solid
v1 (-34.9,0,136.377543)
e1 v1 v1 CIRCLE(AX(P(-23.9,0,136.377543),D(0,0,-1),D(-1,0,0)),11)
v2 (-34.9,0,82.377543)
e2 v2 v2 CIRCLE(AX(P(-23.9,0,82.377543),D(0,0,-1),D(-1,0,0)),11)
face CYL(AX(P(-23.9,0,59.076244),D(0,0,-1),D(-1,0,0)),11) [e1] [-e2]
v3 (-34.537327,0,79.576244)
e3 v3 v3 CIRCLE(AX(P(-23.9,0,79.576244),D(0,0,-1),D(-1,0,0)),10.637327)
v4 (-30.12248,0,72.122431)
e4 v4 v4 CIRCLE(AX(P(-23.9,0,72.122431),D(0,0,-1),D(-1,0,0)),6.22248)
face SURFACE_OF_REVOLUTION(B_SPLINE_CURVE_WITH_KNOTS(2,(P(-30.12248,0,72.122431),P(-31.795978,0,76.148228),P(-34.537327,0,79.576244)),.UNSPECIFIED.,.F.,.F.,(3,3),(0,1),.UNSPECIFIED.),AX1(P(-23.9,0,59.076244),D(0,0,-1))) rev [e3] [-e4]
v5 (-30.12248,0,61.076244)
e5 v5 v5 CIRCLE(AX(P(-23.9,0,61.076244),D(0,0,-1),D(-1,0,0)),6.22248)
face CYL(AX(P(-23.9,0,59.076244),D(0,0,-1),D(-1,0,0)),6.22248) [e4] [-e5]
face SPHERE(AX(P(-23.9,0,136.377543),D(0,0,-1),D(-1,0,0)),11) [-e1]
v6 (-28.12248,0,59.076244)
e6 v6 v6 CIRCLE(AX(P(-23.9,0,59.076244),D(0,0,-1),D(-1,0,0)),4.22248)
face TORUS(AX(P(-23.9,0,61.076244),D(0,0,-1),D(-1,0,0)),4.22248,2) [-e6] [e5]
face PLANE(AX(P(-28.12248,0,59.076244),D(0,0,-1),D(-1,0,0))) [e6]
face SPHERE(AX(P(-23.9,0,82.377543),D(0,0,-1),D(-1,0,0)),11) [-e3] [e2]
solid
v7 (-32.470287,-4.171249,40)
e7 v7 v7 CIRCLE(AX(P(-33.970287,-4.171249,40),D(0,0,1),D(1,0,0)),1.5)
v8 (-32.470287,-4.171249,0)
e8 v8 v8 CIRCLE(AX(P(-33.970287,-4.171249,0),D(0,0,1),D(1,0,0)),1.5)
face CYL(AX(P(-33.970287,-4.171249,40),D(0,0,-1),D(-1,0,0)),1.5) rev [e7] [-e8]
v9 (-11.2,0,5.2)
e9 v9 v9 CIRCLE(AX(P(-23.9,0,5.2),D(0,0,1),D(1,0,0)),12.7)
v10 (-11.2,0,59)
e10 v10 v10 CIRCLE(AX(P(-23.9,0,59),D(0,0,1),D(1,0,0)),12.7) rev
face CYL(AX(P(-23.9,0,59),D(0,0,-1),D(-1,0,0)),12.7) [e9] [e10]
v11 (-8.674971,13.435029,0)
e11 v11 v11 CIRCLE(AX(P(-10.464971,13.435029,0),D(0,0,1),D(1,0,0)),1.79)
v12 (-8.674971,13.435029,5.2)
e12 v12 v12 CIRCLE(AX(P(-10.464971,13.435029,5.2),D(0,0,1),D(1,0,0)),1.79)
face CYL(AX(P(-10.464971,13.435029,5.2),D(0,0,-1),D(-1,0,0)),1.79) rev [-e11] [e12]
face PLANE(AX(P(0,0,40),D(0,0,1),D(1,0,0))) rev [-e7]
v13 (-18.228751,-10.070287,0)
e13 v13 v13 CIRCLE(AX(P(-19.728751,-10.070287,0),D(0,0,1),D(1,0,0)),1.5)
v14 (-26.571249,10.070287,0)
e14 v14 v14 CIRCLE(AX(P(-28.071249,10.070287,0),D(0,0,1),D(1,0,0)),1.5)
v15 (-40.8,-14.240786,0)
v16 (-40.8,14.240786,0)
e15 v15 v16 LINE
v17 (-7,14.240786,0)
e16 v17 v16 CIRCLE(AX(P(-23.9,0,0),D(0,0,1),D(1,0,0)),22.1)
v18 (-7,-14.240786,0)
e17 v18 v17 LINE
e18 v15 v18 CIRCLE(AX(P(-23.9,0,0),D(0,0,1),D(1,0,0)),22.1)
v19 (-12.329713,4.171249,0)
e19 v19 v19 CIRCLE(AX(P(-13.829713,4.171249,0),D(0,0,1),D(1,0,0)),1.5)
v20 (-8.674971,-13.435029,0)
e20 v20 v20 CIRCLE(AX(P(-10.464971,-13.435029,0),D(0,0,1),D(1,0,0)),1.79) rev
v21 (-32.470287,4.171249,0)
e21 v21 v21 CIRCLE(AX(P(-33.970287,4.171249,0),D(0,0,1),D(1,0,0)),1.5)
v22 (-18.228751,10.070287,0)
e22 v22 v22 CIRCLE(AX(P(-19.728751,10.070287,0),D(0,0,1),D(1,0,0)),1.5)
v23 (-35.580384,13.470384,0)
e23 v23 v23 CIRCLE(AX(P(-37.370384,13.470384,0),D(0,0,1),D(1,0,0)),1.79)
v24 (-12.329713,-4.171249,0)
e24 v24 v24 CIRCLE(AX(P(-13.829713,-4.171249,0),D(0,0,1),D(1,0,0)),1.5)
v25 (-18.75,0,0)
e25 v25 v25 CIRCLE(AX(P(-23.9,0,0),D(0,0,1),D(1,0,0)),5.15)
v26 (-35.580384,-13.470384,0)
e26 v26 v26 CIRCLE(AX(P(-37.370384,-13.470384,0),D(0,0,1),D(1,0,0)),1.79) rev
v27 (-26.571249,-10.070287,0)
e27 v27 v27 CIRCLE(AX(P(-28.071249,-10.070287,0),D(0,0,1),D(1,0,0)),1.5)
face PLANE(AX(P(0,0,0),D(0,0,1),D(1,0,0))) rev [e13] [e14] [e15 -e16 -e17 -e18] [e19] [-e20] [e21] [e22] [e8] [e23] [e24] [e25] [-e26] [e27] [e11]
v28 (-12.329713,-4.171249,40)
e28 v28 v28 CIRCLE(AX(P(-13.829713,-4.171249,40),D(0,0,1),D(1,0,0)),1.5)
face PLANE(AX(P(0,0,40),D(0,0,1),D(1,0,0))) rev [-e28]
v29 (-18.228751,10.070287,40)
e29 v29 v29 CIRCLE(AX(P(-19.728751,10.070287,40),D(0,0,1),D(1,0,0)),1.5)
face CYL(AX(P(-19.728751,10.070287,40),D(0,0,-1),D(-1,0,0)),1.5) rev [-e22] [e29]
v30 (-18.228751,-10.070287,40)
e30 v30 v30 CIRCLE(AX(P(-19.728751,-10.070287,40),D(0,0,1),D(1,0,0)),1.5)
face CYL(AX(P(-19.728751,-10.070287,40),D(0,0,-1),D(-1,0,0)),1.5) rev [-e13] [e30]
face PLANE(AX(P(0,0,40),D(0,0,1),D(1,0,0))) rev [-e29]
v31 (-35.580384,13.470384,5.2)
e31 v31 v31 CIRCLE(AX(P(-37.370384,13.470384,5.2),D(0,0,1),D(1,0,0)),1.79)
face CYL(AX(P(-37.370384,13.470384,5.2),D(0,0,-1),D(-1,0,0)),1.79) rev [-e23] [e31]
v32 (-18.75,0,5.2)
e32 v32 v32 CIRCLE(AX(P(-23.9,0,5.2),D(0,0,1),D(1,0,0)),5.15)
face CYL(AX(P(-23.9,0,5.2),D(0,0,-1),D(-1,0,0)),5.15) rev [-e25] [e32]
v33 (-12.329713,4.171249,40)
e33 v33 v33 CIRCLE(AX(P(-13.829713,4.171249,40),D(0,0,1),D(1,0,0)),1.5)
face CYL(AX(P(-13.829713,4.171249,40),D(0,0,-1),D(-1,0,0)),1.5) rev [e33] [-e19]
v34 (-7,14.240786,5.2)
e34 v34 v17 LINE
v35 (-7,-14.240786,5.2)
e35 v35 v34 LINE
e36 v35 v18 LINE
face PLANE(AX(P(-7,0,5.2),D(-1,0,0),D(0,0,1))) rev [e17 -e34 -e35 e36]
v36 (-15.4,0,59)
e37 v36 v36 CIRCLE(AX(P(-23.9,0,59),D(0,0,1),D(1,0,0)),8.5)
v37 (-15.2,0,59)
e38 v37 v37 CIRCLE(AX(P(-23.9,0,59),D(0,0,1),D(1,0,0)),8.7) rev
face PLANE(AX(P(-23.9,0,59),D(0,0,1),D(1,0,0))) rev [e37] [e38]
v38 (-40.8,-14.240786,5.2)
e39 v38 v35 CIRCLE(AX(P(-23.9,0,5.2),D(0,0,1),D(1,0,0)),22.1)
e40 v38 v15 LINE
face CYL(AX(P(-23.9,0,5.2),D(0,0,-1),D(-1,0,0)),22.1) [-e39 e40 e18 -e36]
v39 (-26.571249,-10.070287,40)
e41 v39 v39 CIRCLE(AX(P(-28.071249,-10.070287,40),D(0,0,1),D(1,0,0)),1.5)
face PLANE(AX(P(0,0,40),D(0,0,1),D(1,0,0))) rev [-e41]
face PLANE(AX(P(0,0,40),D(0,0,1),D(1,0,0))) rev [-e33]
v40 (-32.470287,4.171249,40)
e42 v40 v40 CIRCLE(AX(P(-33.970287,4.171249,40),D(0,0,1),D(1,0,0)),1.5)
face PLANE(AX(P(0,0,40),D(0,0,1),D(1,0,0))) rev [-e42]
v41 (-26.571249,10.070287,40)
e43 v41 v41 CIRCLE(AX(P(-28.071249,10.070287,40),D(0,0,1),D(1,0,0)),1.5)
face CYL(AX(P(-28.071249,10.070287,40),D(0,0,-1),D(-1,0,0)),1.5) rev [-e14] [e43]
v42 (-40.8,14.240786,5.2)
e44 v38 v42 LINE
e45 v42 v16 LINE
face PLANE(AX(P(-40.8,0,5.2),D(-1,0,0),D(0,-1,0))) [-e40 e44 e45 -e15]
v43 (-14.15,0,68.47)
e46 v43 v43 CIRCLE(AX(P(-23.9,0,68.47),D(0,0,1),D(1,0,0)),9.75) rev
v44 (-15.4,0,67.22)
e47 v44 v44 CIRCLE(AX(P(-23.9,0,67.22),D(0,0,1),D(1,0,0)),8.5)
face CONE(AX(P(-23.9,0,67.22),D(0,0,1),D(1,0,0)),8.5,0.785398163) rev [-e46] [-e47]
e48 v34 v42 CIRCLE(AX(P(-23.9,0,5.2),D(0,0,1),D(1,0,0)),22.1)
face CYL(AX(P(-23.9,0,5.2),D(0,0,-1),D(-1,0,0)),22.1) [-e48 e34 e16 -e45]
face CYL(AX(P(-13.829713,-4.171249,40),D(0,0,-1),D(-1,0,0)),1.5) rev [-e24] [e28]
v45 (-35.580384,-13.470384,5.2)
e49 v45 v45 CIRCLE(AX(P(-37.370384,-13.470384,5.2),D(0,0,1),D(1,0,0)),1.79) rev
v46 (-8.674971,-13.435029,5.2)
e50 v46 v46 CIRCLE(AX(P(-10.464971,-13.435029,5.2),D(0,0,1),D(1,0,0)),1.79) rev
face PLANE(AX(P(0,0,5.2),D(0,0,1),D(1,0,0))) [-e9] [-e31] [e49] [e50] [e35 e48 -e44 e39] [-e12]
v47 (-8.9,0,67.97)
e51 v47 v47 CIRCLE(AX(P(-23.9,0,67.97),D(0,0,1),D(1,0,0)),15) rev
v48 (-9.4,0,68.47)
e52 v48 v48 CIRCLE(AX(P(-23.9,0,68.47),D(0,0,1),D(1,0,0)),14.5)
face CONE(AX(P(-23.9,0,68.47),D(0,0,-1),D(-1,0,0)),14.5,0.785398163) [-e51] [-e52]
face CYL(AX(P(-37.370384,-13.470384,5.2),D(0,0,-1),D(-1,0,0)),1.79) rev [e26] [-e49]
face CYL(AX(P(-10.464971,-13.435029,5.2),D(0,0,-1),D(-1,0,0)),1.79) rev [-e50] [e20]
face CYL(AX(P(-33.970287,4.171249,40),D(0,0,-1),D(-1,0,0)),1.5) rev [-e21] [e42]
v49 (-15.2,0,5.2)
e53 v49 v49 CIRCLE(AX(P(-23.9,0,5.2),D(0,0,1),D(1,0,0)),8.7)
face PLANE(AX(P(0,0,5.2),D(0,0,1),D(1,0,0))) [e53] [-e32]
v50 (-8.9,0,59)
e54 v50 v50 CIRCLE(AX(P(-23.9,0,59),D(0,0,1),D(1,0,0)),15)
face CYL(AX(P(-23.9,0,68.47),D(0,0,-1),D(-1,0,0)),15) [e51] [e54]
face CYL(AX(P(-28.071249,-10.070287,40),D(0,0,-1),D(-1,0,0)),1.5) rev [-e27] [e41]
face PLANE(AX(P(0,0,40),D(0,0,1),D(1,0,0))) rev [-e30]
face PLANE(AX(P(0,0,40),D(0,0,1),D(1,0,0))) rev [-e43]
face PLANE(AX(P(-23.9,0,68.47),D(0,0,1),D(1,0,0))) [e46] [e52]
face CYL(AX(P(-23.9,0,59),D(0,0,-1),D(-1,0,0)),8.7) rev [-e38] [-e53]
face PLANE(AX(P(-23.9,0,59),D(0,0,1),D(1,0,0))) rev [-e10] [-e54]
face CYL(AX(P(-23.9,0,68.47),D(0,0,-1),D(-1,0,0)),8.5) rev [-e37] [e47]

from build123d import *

# Parameters (mm, degrees)
SKETCH1_R           = 5.15
SKETCH1_R_2         = 1.79
BOSS_EXTRUDE1_DEPTH = 5.2
SKETCH1_12_R        = 12.7
SKETCH1_12_R_2      = 8.7
BOSS_EXTRUDE2_DEPTH = 59
SKETCH4_R           = 15
SKETCH4_R_2         = 8.5
BOSS_EXTRUDE3_DEPTH = 9.47
CHAMFER1_SIZE       = 0.5
SKETCH1_14_R        = 1.5
CUT_EXTRUDE1_DEPTH  = 40
CHAMFER2_SIZE       = 1.25


with BuildPart() as part:
    # Sketch1 → Boss-Extrude1 (new body)
    with BuildSketch(Plane(origin=(0, 0, 0), x_dir=(-1, 0, 0), z_dir=(0, 0, 1))):
        with BuildLine():
            Line((7, 14.240786495), (7, -14.240786495))
            ThreePointArc((7, -14.240786495), (23.9, -22.1), (40.8, -14.240786495))
            Line((40.8, -14.240786495), (40.8, 14.240786495))
            ThreePointArc((40.8, 14.240786495), (23.9, 22.1), (7, 14.240786495))
        make_face()
        with Locations((23.9, 0)):
            Circle(SKETCH1_R, mode=Mode.SUBTRACT)
        with Locations((37.370384182, 13.470384182)):
            Circle(SKETCH1_R_2, mode=Mode.SUBTRACT)
        with Locations((10.464971157, 13.435028843)):
            Circle(SKETCH1_R_2, mode=Mode.SUBTRACT)
        with Locations((37.370384182, -13.470384182)):
            Circle(SKETCH1_R_2, mode=Mode.SUBTRACT)
        with Locations((10.464971157, -13.435028843)):
            Circle(SKETCH1_R_2, mode=Mode.SUBTRACT)
    extrude(amount=BOSS_EXTRUDE1_DEPTH)

    # Sketch1<12> → Boss-Extrude2 (add)
    # profile 1 of 2: a face of its own
    with BuildSketch(Plane(origin=(0, 0, 0), x_dir=(-1, 0, 0), z_dir=(0, 0, 1))):
        with Locations((-23.9, 0)):
            Circle(SKETCH1_12_R)
    # profile 2 of 2: a face of its own
    with BuildSketch(Plane(origin=(0, 0, 0), x_dir=(-1, 0, 0), z_dir=(0, 0, 1))):
        with Locations((23.9, 0)):
            Circle(SKETCH1_12_R)
        with Locations((23.9, 0)):
            Circle(SKETCH1_12_R_2, mode=Mode.SUBTRACT)
    extrude(amount=BOSS_EXTRUDE2_DEPTH)


with BuildPart() as boss_extrude2_piece_1:
    # of the separate pieces the step leaves, piece 1, a body of its own (boss_extrude2_pieces)
    add(part.part.solids().sort_by_distance((11.2, 0, 0))[0])


with BuildPart() as boss_extrude2_piece_2:
    # of the separate pieces the step leaves, piece 2, a body of its own (boss_extrude2_pieces)
    add(part.part.solids().sort_by_distance((-7, 14.240786495, 0))[0])

    # Sketch4 → Boss-Extrude3 (add)
    with BuildSketch(Plane.XY.offset(59)):
        with Locations((-23.9, 0)):
            Circle(SKETCH4_R)
        with Locations((-23.9, 0)):
            Circle(SKETCH4_R_2, mode=Mode.SUBTRACT)
    extrude(amount=BOSS_EXTRUDE3_DEPTH)

    # Chamfer1
    chamfer1_edges = [boss_extrude2_piece_2.edges().sort_by_distance(p)[0] for p in [
        (-38.9, 0, 68.47),
    ]]
    chamfer(chamfer1_edges, length=CHAMFER1_SIZE)

    # Sketch1<14> → Cut-Extrude1 (cut)
    with BuildSketch(Plane(origin=(0, 0, 0), x_dir=(-1, 0, 0), z_dir=(0, 0, 1))):
        with Locations((28.071249413, 10.070286904)):
            Circle(SKETCH1_14_R)
        with Locations((19.728750587, 10.070286904)):
            Circle(SKETCH1_14_R)
        with Locations((13.829713096, 4.171249413)):
            Circle(SKETCH1_14_R)
        with Locations((13.829713096, -4.171249413)):
            Circle(SKETCH1_14_R)
        with Locations((19.728750587, -10.070286904)):
            Circle(SKETCH1_14_R)
        with Locations((28.071249413, -10.070286904)):
            Circle(SKETCH1_14_R)
        with Locations((33.970286904, -4.171249413)):
            Circle(SKETCH1_14_R)
        with Locations((33.970286904, 4.171249413)):
            Circle(SKETCH1_14_R)
    extrude(amount=CUT_EXTRUDE1_DEPTH, mode=Mode.SUBTRACT)

    # Chamfer2
    chamfer2_edges = [boss_extrude2_piece_2.edges().sort_by_distance(p)[0] for p in [
        (-32.4, 0, 68.47),
    ]]
    chamfer(chamfer2_edges, length=CHAMFER2_SIZE)


with BuildPart() as body_3:
    # Sketch3 → Revolve1 (revolve)
    with BuildSketch(Plane(origin=(0, 0, 0), x_dir=(1, 0, 0), z_dir=(0, 1, 0))):
        with BuildLine():
            Line((-28.122479737, -59.076243563), (-23.9, -59.076243563))
            Line((-23.9, -59.076243563), (-23.9, -147.37754342))
            ThreePointArc((-23.9, -147.37754342), (-31.678174593, -144.155718013), (-34.9, -136.37754342))
            Line((-34.9, -136.37754342), (-34.9, -82.37754342))
            ThreePointArc((-34.9, -82.37754342), (-34.80895489, -80.965203799), (-34.53732669, -79.576243563))
            add(Edge.make_bspline(
                [(-34.53732669, -79.576243563), (-31.795977893, -76.148228367), (-30.122479737, -72.122431473)],
                knots=[0, 0, 0, 1, 1, 1], degree=2))
            Line((-30.122479737, -72.122431473), (-30.122479737, -61.076243563))
            ThreePointArc((-30.122479737, -61.076243563), (-29.536693299, -59.662030001), (-28.122479737, -59.076243563))
        make_face()
    revolve(axis=Axis((-23.9, 0, 59.076243563), (0, 0, 1)))


solid = Compound([boss_extrude2_piece_2.part, body_3.part])
